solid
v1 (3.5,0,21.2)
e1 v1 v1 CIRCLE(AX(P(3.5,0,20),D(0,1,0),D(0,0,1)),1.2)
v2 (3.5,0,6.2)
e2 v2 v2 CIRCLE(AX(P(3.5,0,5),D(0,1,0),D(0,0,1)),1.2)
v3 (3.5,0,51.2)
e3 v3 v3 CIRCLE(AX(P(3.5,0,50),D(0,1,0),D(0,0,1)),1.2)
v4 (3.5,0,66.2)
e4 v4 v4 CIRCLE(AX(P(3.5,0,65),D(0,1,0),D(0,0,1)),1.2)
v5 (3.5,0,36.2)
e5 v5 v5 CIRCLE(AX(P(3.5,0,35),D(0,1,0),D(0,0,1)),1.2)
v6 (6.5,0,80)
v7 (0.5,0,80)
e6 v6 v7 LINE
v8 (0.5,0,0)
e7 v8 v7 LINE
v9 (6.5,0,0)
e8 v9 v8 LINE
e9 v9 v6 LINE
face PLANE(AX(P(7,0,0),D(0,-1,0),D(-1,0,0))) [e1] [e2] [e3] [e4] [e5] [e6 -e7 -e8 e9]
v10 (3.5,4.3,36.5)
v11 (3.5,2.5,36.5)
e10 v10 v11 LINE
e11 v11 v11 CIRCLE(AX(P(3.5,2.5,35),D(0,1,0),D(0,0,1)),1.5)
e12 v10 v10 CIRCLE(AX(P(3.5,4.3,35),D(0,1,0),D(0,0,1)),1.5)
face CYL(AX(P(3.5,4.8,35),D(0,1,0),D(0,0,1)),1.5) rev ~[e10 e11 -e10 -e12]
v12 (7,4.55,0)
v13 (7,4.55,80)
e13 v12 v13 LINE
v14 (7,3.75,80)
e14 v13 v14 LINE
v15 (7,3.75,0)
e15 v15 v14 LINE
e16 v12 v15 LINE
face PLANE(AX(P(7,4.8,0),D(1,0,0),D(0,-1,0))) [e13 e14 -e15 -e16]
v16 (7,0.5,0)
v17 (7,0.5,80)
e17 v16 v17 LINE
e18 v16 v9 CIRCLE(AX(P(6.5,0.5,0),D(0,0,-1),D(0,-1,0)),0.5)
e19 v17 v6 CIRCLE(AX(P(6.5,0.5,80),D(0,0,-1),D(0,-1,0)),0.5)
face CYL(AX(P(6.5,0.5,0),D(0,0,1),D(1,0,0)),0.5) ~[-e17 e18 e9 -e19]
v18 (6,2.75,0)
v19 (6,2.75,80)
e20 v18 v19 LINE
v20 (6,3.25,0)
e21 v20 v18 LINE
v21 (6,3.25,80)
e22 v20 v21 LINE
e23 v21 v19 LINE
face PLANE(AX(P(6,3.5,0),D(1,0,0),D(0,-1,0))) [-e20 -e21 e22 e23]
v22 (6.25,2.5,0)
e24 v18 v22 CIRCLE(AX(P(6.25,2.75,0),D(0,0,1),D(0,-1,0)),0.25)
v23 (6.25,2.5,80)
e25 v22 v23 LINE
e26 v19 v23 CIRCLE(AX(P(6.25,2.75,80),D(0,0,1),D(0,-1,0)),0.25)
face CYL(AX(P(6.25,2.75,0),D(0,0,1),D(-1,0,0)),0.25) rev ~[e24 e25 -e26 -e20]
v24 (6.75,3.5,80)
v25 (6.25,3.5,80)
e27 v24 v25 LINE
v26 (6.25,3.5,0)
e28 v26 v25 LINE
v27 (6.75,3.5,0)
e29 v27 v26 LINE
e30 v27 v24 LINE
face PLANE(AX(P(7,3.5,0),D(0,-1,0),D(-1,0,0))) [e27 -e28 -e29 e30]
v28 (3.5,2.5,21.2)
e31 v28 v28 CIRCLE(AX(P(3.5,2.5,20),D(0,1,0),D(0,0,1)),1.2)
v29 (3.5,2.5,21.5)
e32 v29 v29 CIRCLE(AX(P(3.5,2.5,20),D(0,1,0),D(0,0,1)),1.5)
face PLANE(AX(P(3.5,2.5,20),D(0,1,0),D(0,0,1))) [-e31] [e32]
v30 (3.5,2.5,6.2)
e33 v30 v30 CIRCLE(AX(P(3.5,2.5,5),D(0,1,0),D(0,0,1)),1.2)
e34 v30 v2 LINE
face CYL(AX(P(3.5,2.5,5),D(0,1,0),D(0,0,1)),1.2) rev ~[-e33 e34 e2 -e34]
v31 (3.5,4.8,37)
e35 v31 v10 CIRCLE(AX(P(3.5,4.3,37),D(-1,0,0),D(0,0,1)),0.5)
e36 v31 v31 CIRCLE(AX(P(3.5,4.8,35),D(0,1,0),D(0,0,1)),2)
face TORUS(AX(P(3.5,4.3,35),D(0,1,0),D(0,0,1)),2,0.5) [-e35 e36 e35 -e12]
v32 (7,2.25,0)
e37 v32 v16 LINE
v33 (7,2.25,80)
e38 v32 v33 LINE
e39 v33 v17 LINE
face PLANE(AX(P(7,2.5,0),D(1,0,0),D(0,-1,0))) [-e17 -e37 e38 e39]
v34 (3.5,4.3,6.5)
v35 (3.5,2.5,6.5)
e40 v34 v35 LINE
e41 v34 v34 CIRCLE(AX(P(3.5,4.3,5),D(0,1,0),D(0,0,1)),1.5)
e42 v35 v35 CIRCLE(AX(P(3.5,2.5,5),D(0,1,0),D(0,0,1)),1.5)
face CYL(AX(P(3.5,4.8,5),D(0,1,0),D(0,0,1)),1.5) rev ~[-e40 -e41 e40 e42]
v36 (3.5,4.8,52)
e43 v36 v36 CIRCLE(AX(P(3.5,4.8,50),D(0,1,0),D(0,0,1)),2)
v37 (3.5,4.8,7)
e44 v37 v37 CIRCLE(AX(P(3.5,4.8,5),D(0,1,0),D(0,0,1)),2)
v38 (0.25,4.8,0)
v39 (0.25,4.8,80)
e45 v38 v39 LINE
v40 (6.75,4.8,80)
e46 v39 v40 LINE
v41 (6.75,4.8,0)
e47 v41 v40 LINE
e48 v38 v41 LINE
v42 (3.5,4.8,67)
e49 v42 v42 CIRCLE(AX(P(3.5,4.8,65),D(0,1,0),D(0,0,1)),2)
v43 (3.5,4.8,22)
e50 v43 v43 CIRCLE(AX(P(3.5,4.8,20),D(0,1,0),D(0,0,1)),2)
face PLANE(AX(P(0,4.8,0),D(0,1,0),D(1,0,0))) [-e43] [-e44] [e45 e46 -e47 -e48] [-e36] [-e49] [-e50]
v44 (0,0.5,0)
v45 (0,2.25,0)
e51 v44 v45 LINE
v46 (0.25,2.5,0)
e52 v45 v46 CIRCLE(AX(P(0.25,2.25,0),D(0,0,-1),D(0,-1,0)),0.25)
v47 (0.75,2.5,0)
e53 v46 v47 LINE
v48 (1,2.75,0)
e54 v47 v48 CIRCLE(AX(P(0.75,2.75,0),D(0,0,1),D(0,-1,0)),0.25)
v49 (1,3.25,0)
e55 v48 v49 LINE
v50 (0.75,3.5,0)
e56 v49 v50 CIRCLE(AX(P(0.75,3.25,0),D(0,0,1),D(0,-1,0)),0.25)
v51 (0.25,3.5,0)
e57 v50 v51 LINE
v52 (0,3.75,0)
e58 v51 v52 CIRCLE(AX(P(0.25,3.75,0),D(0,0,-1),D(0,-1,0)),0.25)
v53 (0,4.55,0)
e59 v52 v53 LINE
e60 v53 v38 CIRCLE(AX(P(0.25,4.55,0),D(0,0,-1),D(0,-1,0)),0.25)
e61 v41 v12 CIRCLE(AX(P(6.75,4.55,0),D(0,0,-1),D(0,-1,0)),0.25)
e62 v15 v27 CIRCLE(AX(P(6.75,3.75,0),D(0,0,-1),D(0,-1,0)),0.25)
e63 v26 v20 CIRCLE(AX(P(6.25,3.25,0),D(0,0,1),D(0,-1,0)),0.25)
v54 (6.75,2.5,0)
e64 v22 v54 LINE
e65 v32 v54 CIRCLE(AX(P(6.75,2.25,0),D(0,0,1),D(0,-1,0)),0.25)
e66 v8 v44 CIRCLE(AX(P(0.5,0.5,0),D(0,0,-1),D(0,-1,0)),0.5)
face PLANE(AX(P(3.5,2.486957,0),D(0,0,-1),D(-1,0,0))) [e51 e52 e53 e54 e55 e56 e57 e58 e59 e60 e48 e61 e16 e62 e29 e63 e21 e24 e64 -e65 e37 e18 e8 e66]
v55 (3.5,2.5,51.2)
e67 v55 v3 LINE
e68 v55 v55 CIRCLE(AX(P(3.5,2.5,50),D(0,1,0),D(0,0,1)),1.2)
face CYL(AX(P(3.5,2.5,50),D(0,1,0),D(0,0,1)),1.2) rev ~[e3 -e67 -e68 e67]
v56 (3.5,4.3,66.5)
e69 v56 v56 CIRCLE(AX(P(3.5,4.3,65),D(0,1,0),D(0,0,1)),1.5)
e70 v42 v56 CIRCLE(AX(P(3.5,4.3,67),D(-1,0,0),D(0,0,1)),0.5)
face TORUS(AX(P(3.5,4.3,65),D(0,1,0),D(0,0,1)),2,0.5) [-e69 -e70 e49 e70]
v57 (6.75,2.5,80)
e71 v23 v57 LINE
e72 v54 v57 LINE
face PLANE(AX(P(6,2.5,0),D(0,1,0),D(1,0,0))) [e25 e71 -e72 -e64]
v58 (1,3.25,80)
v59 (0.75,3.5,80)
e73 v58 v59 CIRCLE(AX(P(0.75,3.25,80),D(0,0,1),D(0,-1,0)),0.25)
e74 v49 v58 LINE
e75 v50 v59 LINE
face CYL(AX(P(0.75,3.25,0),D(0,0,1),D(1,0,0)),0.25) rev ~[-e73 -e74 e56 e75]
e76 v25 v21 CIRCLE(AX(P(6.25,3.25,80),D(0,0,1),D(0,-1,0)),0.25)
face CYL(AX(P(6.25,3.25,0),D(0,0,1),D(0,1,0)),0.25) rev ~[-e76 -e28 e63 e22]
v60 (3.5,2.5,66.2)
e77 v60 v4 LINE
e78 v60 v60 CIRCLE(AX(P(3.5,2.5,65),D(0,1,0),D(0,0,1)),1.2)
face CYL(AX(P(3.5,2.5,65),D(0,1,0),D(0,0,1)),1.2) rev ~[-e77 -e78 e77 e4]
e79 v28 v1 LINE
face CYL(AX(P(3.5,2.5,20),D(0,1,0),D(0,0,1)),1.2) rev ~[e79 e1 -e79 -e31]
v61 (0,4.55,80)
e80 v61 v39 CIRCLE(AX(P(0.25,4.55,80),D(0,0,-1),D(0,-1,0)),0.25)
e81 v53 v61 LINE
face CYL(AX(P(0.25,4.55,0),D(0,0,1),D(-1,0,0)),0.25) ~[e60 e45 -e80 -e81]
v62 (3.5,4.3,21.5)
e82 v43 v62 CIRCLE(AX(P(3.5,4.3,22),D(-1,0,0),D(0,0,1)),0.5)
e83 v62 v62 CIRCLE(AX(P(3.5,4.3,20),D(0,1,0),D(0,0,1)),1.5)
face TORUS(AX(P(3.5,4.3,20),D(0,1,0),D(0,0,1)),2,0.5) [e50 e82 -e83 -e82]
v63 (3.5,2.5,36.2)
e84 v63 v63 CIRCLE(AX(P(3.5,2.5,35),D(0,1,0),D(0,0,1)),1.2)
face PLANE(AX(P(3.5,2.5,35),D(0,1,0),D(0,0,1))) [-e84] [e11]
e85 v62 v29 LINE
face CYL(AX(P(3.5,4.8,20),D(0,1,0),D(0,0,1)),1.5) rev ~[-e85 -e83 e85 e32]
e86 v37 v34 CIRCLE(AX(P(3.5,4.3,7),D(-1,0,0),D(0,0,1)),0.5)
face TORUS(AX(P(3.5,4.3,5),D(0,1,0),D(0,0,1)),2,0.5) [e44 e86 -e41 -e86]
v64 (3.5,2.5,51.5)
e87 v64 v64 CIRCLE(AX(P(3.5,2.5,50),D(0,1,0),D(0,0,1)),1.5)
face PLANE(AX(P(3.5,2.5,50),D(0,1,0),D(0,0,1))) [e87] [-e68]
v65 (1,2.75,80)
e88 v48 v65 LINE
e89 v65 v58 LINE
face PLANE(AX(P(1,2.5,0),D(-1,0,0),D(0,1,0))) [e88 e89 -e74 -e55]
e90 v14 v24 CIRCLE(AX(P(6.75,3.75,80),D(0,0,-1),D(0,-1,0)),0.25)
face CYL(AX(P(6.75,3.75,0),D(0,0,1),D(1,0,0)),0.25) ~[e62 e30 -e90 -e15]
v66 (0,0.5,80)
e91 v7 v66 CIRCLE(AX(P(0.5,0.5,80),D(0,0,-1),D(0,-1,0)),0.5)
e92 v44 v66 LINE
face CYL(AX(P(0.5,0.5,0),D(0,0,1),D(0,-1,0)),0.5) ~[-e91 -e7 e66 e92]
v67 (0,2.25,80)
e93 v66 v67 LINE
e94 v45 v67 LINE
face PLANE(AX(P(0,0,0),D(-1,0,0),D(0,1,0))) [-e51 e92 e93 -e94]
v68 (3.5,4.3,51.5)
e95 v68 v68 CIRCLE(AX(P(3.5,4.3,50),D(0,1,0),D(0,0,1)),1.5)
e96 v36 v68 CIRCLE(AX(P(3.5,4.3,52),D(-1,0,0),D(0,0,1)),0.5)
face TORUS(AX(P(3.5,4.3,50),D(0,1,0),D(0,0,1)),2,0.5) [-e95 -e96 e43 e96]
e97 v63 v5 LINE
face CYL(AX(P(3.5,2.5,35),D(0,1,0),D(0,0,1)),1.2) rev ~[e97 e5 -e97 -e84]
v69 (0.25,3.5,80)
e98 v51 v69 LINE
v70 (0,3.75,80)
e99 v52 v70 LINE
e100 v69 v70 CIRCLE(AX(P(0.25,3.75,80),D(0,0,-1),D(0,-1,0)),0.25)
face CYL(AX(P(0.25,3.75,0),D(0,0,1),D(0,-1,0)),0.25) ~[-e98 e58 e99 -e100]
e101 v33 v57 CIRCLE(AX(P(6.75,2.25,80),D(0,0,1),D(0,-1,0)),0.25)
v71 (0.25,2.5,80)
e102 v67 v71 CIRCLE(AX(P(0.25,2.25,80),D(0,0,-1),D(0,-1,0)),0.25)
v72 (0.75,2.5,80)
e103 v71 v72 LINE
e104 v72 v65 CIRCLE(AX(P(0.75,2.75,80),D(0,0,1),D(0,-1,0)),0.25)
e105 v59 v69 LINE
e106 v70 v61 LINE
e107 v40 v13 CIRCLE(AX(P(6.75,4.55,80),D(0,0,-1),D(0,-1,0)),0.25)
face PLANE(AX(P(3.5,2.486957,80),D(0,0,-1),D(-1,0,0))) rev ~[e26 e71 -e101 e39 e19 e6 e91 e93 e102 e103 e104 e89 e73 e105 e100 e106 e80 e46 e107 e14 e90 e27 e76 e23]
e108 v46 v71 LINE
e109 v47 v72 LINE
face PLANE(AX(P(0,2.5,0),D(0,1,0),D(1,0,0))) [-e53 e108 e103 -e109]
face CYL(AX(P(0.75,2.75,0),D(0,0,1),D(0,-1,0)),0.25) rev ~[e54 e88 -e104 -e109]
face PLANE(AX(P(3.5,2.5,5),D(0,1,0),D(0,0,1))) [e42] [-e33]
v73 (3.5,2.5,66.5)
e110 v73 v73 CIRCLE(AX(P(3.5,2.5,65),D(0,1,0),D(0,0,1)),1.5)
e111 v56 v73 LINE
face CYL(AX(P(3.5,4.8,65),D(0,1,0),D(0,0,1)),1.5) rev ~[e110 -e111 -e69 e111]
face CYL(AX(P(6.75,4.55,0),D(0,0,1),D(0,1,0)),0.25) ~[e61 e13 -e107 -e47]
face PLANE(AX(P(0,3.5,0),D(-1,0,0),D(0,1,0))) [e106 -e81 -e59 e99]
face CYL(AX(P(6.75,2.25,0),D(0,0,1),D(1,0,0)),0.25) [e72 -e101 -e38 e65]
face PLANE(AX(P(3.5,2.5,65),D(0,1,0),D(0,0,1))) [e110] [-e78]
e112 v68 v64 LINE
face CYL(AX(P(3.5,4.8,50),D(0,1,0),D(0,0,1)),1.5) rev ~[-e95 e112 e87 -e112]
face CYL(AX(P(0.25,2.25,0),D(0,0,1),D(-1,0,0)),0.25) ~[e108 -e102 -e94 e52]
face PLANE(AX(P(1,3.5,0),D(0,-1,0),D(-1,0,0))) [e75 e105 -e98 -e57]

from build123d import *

# Parameters (mm, degrees)
EXTRUDE_1_DEPTH                = 80
FILLET_1_R                     = 0.25
FILLET_2_R                     = 0.5
SKETCH_2_R                     = 1.5
CUT_EXTRUDE_1_DEPTH            = 2.3
SKETCH_3_R                     = 1.2
CUT_EXTRUDE_2_DEPTH            = 81.344570445
FILLET_3_R                     = 0.5
PATTERN_LINEAR_2_COUNT         = 5
PATTERN_LINEAR_2_PITCH         = 15
FILLET_3_OF_PATTERN_LINEAR_2_R = 0.5


with BuildPart() as part:
    # 草图1 → 凸台-拉伸1 (new body)
    with BuildSketch(Plane.XY):
        Polygon((7, 2.5), (7, 0), (0, 0), (0, 2.5), (1, 2.5), (1, 3.5), (0, 3.5), (0, 4.8), (7, 4.8), (7, 3.5), (6, 3.5), (6, 2.5), align=None)
    extrude(amount=EXTRUDE_1_DEPTH)

    # 圆角1
    fillet_1_edges = [part.edges().sort_by_distance(p)[0] for p in [
        (0, 2.5, 40),
        (1, 2.5, 40),
        (1, 3.5, 40),
        (0, 3.5, 40),
        (0, 4.8, 40),
        (7, 4.8, 40),
        (7, 3.5, 40),
        (6, 3.5, 40),
        (6, 2.5, 40),
        (7, 2.5, 40),
    ]]
    fillet(fillet_1_edges, radius=FILLET_1_R)

    # 圆角2
    fillet_2_edges = [part.edges().sort_by_distance(p)[0] for p in [
        (7, 0, 40),
        (0, 0, 40),
    ]]
    fillet(fillet_2_edges, radius=FILLET_2_R)

    # 草图2 → 切除-拉伸1 (cut)
    with BuildSketch(Plane(origin=(0, 4.8, 0), x_dir=(1, 0, 0), z_dir=(0, 1, 0))):
        with Locations(Location((3.5, -5, 0), (0, 0, 270))):
            Circle(SKETCH_2_R)
    cut_extrude_1 = extrude(amount=-CUT_EXTRUDE_1_DEPTH, mode=Mode.SUBTRACT)

    # 草图3 → 切除-拉伸2 (cut, through all)
    with BuildSketch(Plane(origin=(0, 2.5, 0), x_dir=(1, 0, 0), z_dir=(0, 1, 0))):
        with Locations(Location((3.5, -5, 0), (0, 0, 270))):
            Circle(SKETCH_3_R)
    cut_extrude_2 = extrude(amount=-CUT_EXTRUDE_2_DEPTH, mode=Mode.SUBTRACT)

    # 圆角3
    fillet_3_edges = [part.edges().sort_by_distance(p)[0] for p in [
        (3.5, 4.8, 3.5),
    ]]
    fillet(fillet_3_edges, radius=FILLET_3_R)

    # 阵列(线性)2: 切除-拉伸1, 切除-拉伸2 ×5
    with Locations(*[(0, 0, i * PATTERN_LINEAR_2_PITCH) for i in range(1, PATTERN_LINEAR_2_COUNT)]):
        add(cut_extrude_1, mode=Mode.SUBTRACT)
        add(cut_extrude_2, mode=Mode.SUBTRACT)

    # 圆角3 of 阵列(线性)2
    fillet_3_of_pattern_linear_2_edges = [part.edges().sort_by_distance(p)[0] for p in [
        (3.5, 4.8, 18.5),
        (3.5, 4.8, 33.5),
        (3.5, 4.8, 48.5),
        (3.5, 4.8, 63.5),
    ]]
    fillet(fillet_3_of_pattern_linear_2_edges, radius=FILLET_3_OF_PATTERN_LINEAR_2_R)


solid = part.part
